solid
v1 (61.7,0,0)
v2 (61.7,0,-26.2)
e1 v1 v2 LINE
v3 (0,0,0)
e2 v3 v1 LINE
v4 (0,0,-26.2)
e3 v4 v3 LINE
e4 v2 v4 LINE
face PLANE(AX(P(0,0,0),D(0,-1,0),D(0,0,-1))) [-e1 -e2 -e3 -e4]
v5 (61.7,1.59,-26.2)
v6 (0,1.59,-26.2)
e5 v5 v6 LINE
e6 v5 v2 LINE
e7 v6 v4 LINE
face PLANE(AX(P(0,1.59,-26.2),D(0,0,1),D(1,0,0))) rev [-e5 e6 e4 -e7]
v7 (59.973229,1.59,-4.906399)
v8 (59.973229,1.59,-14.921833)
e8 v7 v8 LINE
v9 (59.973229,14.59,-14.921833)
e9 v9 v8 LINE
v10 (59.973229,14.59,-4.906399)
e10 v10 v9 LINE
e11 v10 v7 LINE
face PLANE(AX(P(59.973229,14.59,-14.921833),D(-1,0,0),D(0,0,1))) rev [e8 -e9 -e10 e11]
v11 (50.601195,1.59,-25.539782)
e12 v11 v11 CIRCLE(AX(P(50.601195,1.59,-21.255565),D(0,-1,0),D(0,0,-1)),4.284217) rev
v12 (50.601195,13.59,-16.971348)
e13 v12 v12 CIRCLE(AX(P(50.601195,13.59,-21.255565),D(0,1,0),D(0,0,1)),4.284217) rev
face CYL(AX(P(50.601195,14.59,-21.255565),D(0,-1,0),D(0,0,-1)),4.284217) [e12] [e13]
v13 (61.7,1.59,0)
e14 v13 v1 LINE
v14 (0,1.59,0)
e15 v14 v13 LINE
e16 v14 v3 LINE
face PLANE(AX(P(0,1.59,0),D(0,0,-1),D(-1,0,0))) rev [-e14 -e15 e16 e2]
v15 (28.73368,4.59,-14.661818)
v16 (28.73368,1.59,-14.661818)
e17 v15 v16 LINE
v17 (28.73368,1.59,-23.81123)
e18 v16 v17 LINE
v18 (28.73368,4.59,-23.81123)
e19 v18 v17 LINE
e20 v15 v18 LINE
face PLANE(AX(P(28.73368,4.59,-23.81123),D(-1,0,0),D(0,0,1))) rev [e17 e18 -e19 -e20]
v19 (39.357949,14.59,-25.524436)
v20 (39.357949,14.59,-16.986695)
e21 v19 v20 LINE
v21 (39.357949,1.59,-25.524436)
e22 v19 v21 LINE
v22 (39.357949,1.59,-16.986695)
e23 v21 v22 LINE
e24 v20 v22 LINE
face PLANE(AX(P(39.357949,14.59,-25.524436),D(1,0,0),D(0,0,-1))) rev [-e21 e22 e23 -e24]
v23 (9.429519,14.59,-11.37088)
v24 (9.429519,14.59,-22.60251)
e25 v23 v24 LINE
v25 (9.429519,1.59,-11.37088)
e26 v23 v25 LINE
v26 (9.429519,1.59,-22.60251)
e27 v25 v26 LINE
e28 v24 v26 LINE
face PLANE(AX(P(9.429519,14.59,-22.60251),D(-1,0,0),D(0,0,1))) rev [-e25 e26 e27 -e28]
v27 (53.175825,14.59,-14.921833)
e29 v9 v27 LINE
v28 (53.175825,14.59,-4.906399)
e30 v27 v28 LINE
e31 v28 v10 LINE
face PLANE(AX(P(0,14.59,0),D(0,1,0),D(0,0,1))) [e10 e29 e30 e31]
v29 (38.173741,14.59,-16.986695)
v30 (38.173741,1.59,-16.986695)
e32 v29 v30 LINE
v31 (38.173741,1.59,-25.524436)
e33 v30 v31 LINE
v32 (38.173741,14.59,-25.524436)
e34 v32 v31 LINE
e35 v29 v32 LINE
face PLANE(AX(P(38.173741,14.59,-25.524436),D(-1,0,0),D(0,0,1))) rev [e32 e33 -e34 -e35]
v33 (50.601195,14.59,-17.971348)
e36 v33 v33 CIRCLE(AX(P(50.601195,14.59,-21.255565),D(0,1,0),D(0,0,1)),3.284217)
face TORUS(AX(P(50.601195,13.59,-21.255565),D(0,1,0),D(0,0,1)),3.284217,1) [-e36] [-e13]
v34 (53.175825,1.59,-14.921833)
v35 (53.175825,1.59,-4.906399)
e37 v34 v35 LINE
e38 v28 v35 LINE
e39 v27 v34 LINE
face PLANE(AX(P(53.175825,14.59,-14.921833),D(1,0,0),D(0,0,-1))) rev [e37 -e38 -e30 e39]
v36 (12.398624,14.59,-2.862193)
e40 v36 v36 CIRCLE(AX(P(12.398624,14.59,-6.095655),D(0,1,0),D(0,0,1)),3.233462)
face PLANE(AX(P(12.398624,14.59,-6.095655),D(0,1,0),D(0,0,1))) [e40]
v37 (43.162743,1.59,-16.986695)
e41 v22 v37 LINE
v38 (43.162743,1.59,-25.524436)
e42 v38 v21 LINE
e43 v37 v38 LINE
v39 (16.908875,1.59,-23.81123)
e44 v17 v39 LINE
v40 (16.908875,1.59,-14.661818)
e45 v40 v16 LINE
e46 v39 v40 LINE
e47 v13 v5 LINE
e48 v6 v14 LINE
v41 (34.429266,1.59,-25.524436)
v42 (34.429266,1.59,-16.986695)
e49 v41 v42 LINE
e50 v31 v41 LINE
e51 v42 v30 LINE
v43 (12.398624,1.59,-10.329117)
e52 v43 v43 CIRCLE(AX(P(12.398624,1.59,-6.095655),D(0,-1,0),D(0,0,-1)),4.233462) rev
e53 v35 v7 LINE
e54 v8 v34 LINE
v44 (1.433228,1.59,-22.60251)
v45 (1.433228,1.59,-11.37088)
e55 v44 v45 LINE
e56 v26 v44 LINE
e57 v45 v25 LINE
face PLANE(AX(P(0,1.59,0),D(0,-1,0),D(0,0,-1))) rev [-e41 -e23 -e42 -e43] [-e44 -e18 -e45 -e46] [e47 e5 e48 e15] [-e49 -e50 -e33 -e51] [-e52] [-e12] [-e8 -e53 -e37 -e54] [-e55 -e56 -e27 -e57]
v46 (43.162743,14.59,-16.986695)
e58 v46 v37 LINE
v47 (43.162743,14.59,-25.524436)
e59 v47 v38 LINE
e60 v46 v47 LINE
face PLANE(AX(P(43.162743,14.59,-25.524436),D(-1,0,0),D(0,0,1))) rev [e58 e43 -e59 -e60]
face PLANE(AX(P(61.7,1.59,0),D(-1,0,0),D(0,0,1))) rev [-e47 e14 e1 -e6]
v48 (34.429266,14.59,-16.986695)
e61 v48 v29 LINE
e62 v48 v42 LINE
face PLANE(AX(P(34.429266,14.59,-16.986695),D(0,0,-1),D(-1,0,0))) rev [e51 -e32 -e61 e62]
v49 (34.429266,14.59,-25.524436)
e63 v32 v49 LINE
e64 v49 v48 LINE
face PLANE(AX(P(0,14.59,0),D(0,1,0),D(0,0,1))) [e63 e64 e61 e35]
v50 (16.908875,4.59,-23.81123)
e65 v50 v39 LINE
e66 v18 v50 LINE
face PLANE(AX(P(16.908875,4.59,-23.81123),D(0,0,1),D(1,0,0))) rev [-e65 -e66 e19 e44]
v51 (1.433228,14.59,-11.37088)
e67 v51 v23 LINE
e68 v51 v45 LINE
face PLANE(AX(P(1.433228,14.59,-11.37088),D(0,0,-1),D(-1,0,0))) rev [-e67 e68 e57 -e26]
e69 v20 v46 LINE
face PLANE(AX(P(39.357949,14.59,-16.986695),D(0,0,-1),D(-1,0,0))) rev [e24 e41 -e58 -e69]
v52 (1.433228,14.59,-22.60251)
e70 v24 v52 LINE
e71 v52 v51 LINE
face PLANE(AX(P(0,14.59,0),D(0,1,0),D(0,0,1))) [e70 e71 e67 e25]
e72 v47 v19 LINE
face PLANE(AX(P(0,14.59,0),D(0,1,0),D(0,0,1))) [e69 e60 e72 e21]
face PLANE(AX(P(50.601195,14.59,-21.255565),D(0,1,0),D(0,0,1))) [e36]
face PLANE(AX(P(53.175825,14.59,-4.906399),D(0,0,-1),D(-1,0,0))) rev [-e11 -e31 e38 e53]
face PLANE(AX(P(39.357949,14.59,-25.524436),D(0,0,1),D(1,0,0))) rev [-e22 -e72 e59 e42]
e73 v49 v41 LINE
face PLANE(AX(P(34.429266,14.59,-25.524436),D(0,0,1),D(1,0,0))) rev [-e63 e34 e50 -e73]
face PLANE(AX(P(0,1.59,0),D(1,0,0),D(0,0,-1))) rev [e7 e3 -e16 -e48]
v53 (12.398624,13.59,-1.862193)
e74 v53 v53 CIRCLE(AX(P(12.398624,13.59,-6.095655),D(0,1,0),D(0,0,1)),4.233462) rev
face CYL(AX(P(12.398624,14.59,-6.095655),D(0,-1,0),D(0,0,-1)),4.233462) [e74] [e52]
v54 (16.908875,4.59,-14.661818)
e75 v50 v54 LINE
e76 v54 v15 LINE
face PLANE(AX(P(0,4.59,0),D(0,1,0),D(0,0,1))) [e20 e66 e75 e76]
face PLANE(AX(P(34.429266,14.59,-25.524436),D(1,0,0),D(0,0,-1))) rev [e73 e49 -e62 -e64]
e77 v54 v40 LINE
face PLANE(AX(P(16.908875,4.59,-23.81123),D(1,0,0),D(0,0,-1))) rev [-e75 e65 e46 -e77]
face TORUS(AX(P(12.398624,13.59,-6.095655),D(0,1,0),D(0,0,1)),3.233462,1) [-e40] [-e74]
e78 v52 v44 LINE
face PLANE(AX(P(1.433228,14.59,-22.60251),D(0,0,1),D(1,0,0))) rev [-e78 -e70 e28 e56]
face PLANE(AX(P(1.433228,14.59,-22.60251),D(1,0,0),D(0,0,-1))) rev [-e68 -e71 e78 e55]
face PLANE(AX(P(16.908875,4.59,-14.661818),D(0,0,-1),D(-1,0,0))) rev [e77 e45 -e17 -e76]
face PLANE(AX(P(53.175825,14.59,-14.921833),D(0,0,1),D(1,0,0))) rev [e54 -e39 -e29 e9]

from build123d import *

# Parameters (mm, degrees)
SKETCH1_W           = 61.7
SKETCH1_H           = 26.2
BOSS_EXTRUDE1_DEPTH = 1.59
SKETCH2_R           = 4.284216932
SKETCH2_R_2         = 4.233461823
SKETCH2_W           = 7.996291091
SKETCH2_H           = 11.231630152
SKETCH2_W_2         = 6.79740416
SKETCH2_H_2         = 10.015433833
SKETCH2_W_3         = 3.744475554
SKETCH2_H_3         = 8.537740598
SKETCH2_W_4         = 3.804793914
BOSS_EXTRUDE2_DEPTH = 13
FILLET1_R           = 1
SKETCH3_W           = 11.824805187
SKETCH3_H           = 9.14941117
BOSS_EXTRUDE3_DEPTH = 3


with BuildPart() as part:
    # Sketch1 → Boss-Extrude1 (new body)
    with BuildSketch(Plane(origin=(0, 0, 0), x_dir=(1, 0, 0), z_dir=(0, 1, 0))):
        with Locations((30.85, 13.1)):
            Rectangle(SKETCH1_W, SKETCH1_H)
    extrude(amount=BOSS_EXTRUDE1_DEPTH)

    # Sketch2 → Boss-Extrude2 (add)
    with BuildSketch(Plane(origin=(0, 1.59, 0), x_dir=(1, 0, 0), z_dir=(0, 1, 0))):
        with Locations((50.601195051, 21.255565251)):
            Circle(SKETCH2_R)
        with Locations((12.398624263, 6.095655225)):
            Circle(SKETCH2_R_2)
        with Locations((5.431373533, 16.986694952)):
            Rectangle(SKETCH2_W, SKETCH2_H)
        with Locations((56.574526606, 9.914115999)):
            Rectangle(SKETCH2_W_2, SKETCH2_H_2)
        with Locations((36.301503569, 21.255565251)):
            Rectangle(SKETCH2_W_3, SKETCH2_H_3)
        with Locations((41.260345926, 21.255565251)):
            Rectangle(SKETCH2_W_4, SKETCH2_H_3)
    extrude(amount=BOSS_EXTRUDE2_DEPTH)

    # Fillet1
    fillet1_edges = [part.edges().sort_by_distance(p)[0] for p in [
        (46.316978119, 14.59, -21.255565251),
        (8.16516244, 14.59, -6.095655225),
    ]]
    fillet(fillet1_edges, radius=FILLET1_R)

    # Sketch3 → Boss-Extrude3 (add)
    with BuildSketch(Plane(origin=(0, 1.59, 0), x_dir=(1, 0, 0), z_dir=(0, 1, 0))):
        with Locations((22.821277789, 19.236524015)):
            Rectangle(SKETCH3_W, SKETCH3_H)
    extrude(amount=BOSS_EXTRUDE3_DEPTH)


solid = part.part
